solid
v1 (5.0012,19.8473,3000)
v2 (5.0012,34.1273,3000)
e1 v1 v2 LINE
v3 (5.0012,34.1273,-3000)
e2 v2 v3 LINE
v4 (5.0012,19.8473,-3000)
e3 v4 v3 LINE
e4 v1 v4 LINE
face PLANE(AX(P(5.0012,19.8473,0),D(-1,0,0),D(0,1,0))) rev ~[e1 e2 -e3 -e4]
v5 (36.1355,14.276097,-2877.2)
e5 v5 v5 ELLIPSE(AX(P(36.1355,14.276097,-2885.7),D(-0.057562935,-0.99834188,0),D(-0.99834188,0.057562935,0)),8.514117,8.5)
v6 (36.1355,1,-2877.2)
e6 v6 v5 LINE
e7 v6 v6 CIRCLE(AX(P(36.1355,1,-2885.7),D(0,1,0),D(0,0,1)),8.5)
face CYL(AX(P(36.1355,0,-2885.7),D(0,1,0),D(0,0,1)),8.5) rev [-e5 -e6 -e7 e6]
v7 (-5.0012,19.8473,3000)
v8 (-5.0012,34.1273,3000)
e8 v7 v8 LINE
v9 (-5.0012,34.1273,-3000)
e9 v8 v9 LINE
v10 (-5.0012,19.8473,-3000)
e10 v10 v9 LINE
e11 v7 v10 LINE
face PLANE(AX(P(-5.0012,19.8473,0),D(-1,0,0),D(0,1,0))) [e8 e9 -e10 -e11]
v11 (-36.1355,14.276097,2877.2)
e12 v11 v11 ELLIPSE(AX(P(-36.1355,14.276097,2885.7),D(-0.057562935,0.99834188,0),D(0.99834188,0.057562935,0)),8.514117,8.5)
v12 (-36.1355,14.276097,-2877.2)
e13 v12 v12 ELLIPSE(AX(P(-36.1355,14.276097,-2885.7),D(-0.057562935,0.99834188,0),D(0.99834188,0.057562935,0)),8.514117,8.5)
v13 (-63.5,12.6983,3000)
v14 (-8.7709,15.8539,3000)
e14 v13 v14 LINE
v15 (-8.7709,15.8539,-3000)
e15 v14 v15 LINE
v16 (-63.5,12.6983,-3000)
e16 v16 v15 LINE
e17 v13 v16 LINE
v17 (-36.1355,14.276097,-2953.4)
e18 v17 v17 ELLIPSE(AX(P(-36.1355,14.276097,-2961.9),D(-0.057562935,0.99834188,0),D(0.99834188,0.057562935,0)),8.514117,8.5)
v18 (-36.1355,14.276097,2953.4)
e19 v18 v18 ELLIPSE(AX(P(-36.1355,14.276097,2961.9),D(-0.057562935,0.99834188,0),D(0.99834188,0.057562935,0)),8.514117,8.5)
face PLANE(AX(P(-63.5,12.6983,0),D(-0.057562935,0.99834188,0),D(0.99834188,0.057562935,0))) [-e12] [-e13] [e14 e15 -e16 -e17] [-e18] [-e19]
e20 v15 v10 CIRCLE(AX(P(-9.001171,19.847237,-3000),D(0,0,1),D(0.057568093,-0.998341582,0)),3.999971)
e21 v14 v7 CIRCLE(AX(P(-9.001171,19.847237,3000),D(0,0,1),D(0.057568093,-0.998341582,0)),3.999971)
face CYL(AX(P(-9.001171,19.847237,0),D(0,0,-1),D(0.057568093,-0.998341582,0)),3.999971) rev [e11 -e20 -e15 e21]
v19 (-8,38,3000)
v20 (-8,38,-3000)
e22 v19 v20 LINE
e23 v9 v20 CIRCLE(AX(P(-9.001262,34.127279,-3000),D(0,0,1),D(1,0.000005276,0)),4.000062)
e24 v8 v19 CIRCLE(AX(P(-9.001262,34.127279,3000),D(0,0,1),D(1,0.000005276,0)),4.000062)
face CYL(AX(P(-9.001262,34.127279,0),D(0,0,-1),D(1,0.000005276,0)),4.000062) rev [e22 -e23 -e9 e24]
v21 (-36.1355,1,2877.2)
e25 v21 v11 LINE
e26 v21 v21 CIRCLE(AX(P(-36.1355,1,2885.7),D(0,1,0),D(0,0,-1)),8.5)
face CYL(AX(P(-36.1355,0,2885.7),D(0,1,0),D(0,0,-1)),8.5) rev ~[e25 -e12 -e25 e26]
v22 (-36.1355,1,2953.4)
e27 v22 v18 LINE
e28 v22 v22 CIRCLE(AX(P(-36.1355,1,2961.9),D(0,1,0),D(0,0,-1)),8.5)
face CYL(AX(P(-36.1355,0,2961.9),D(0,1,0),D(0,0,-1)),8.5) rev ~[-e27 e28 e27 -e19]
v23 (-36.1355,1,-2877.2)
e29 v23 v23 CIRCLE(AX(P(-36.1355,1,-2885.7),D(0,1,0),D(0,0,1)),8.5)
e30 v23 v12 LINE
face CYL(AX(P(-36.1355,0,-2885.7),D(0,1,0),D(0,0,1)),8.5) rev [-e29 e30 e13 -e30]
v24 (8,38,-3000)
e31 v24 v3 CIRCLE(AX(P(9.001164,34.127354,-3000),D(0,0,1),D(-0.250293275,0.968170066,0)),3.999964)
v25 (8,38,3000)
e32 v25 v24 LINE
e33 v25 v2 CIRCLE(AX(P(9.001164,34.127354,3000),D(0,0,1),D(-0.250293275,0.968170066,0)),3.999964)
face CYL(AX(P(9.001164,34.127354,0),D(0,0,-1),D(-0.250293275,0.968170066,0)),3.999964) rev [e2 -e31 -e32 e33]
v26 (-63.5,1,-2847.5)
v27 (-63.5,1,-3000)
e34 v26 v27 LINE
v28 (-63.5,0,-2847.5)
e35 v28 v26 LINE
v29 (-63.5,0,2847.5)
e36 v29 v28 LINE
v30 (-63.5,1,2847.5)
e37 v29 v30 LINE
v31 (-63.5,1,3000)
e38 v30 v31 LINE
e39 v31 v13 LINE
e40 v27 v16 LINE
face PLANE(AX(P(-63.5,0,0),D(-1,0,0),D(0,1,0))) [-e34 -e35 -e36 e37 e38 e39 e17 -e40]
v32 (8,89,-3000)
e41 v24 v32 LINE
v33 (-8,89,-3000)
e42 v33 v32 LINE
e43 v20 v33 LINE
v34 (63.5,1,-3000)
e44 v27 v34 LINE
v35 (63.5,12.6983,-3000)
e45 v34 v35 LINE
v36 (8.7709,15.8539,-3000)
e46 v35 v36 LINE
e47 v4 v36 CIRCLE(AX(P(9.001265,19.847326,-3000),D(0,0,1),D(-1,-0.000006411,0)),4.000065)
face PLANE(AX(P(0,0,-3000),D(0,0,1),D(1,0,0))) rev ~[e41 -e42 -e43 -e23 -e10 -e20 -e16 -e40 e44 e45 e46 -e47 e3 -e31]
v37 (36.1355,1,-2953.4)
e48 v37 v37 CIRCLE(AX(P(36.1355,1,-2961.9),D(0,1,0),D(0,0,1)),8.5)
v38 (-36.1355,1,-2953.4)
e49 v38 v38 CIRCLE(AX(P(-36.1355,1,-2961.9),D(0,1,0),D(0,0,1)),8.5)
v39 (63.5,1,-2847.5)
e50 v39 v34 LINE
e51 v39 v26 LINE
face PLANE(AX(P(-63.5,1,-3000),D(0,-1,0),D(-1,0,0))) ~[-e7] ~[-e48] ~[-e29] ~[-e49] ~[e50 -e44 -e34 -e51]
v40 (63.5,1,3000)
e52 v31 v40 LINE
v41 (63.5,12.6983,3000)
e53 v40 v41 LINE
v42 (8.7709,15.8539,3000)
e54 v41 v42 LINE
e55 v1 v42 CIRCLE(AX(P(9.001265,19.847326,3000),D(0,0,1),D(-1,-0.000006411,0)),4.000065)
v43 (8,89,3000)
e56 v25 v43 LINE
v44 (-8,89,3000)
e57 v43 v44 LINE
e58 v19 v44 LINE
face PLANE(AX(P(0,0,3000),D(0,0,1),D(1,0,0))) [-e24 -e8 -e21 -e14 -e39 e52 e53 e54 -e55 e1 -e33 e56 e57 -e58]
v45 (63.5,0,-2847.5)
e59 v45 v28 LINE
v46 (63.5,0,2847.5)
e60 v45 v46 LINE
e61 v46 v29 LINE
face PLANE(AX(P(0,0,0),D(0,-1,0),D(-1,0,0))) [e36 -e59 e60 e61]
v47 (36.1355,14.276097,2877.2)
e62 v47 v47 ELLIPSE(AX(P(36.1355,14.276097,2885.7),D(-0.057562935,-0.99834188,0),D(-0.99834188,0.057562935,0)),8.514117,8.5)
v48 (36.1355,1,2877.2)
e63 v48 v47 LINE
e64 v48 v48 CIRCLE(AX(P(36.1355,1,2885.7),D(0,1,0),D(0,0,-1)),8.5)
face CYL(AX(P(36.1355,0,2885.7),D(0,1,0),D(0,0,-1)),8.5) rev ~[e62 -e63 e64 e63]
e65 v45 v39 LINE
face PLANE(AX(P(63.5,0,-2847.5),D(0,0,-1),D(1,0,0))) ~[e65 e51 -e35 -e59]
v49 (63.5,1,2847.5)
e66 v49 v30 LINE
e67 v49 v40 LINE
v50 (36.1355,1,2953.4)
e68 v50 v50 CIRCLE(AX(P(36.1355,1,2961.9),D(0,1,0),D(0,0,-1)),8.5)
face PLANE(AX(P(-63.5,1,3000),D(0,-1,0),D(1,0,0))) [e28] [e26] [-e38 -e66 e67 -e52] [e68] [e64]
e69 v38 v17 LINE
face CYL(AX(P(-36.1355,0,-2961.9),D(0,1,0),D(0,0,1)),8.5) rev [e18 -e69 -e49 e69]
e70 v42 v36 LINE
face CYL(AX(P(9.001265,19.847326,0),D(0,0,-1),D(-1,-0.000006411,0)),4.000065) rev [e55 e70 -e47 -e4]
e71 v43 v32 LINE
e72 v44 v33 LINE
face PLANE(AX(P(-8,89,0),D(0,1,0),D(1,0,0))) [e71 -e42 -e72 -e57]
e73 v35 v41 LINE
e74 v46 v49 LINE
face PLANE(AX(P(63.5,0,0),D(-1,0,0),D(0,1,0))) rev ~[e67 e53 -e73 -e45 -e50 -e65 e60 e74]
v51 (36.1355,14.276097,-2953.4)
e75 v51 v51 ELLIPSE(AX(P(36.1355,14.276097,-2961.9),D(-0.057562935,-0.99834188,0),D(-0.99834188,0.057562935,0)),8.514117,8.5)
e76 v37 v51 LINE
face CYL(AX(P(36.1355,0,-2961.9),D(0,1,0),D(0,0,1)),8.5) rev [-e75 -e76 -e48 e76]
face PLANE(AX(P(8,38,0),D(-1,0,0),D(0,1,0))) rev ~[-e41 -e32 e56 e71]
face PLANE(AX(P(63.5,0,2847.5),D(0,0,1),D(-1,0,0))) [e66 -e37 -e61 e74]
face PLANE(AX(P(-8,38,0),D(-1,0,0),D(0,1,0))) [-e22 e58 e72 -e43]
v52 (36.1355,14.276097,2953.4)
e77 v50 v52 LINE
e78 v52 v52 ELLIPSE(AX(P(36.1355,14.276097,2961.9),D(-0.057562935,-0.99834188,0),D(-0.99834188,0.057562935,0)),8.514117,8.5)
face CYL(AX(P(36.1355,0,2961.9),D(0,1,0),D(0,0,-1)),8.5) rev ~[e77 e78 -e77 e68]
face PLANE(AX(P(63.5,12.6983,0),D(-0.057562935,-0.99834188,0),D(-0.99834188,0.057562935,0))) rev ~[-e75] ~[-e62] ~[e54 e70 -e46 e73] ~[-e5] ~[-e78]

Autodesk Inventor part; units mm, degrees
ref_plane "YZ Plane" through (0, 0, 0) normal (1, 0, 0) x (0, 1, 0)
ref_plane "XZ Plane" through (0, 0, 0) normal (0, 1, 0) x (-1, 0, 0)
ref_plane "XY Plane" through (0, 0, 0) normal (0, 0, 1) x (1, 0, 0)
sketch "Эскиз1" plane through (0, 0, 0) normal (0, 0, 1) x (1, 0, 0)
  line L0 (0, 0) -> (0, 188.5182) construction
  line L1 (0, 0) -> (-63.5, 0)
  line L2 (-63.5, 0) -> (-63.5, 12.6983)
  line L3 (-63.5, 12.6983) -> (-8.7709, 15.8539)
  arc A0 (-8.7709, 15.8539) -> (-5.0012, 19.8473) centre (-9.0012, 19.8473) ccw
  line L4 (-5.0012, 19.8473) -> (-5.0012, 34.1273)
  arc A1 (-5.0012, 34.1273) -> (-8, 38) centre (-9.0012, 34.1273) ccw
  line L5 (-8, 38) -> (-8, 89)
  line L6 (-8, 89) -> (0, 89)
  line L7 (0, 0) -> (63.5, 0)
  line L8 (63.5, 0) -> (63.5, 12.6983)
  line L9 (63.5, 12.6983) -> (8.7709, 15.8539)
  arc A2 (5.0012, 19.8473) -> (8.7709, 15.8539) centre (9.0012, 19.8473) ccw
  line L10 (5.0012, 19.8473) -> (5.0012, 34.1273)
  arc A3 (8, 38) -> (5.0012, 34.1273) centre (9.0012, 34.1273) ccw
  line L11 (8, 38) -> (8, 89)
  line L12 (8, 89) -> (0, 89)
  dimension "d1" = 63.5
  dimension "d2" = 54.82
  dimension "d3" = 14.28
  dimension "d4" = 8
  dimension "d5" = 89
  dimension "d6" = 93.3
  dimension "d7" = 4
  dimension "d8" = 4
  dimension "d9" = 51
extrude "Выдавливание1" add sketch "Эскиз1" along normal mid plane 6000
sketch "Эскиз3" plane through (-63.5, 0, 3000) normal (0, -1, 0) x (1, 0, 0)
  line L0 (127, -6000) -> (127, 0) projected
  line L1 (0, 0) -> (127, 0) projected
  line L2 (0, -6000) -> (0, 0) projected
  line L3 (127, -6000) -> (0, -6000) projected
  line L4 (55.5, -6000) -> (55.5, 0) projected
  line L5 (71.5, 0) -> (55.5, 0) projected
  line L6 (71.5, -6000) -> (71.5, 0) projected
  line L7 (55.5, -6000) -> (71.5, -6000) projected
  line L8 (127, 0) -> (72.2709, 0) projected
  line L9 (54.7291, 0) -> (0, 0) projected
  point P0 (63.5, -3000)
  point P1 (99.6355, -38.1)
  point P2 (99.6355, -114.3)
  point P3 (27.3645, -38.1)
  point P4 (27.3645, -114.3)
  point P5 (99.6355, 0)
  point P6 (27.3645, 0)
  dimension "d14" = 38.1
  dimension "d15" = 76.2
hole "Отверстие1" at (36.1355, 0, 2961.9) at (36.1355, 0, 2885.7) at (-36.1355, 0, 2961.9) at (-36.1355, 0, 2885.7) direction (0, 1, 0) diameter 17 end through all
sketch "Эскиз4" plane through (-63.5, 0, 3000) normal (0, -1, 0) x (1, 0, 0)
  circle A0 centre (27.3645, -38.1) radius 8.5 projected
  circle A1 centre (99.6355, -38.1) radius 8.5 projected
  circle A2 centre (99.6355, -114.3) radius 8.5 projected
  circle A3 centre (27.3645, -114.3) radius 8.5 projected
  line L0 (127, -6000) -> (127, 0) projected
  line L1 (0, 0) -> (127, 0) projected
  line L2 (0, -6000) -> (0, 0) projected
  line L3 (127, -6000) -> (0, -6000) projected
  line L4 (127, 0) -> (127, -6000) projected
  line L5 (127, -152.5) -> (0, -152.5)
  line L6 (0, -6000) -> (0, 0) projected
  point P0 (63.5, -3000)
  dimension "d23" = 152.5
extrude "Выдавливание2" cut sketch "Эскиз4" against normal blind 1 contours L5 L2 L1 L0
mirror "Зеркальное отражение2" about plane through (0, 0, 0) normal (0, 0, 1) of "Отверстие1", "Выдавливание2"
equation "\"d8\" = d7"
properties part number "Lift.01.00.00.01"
